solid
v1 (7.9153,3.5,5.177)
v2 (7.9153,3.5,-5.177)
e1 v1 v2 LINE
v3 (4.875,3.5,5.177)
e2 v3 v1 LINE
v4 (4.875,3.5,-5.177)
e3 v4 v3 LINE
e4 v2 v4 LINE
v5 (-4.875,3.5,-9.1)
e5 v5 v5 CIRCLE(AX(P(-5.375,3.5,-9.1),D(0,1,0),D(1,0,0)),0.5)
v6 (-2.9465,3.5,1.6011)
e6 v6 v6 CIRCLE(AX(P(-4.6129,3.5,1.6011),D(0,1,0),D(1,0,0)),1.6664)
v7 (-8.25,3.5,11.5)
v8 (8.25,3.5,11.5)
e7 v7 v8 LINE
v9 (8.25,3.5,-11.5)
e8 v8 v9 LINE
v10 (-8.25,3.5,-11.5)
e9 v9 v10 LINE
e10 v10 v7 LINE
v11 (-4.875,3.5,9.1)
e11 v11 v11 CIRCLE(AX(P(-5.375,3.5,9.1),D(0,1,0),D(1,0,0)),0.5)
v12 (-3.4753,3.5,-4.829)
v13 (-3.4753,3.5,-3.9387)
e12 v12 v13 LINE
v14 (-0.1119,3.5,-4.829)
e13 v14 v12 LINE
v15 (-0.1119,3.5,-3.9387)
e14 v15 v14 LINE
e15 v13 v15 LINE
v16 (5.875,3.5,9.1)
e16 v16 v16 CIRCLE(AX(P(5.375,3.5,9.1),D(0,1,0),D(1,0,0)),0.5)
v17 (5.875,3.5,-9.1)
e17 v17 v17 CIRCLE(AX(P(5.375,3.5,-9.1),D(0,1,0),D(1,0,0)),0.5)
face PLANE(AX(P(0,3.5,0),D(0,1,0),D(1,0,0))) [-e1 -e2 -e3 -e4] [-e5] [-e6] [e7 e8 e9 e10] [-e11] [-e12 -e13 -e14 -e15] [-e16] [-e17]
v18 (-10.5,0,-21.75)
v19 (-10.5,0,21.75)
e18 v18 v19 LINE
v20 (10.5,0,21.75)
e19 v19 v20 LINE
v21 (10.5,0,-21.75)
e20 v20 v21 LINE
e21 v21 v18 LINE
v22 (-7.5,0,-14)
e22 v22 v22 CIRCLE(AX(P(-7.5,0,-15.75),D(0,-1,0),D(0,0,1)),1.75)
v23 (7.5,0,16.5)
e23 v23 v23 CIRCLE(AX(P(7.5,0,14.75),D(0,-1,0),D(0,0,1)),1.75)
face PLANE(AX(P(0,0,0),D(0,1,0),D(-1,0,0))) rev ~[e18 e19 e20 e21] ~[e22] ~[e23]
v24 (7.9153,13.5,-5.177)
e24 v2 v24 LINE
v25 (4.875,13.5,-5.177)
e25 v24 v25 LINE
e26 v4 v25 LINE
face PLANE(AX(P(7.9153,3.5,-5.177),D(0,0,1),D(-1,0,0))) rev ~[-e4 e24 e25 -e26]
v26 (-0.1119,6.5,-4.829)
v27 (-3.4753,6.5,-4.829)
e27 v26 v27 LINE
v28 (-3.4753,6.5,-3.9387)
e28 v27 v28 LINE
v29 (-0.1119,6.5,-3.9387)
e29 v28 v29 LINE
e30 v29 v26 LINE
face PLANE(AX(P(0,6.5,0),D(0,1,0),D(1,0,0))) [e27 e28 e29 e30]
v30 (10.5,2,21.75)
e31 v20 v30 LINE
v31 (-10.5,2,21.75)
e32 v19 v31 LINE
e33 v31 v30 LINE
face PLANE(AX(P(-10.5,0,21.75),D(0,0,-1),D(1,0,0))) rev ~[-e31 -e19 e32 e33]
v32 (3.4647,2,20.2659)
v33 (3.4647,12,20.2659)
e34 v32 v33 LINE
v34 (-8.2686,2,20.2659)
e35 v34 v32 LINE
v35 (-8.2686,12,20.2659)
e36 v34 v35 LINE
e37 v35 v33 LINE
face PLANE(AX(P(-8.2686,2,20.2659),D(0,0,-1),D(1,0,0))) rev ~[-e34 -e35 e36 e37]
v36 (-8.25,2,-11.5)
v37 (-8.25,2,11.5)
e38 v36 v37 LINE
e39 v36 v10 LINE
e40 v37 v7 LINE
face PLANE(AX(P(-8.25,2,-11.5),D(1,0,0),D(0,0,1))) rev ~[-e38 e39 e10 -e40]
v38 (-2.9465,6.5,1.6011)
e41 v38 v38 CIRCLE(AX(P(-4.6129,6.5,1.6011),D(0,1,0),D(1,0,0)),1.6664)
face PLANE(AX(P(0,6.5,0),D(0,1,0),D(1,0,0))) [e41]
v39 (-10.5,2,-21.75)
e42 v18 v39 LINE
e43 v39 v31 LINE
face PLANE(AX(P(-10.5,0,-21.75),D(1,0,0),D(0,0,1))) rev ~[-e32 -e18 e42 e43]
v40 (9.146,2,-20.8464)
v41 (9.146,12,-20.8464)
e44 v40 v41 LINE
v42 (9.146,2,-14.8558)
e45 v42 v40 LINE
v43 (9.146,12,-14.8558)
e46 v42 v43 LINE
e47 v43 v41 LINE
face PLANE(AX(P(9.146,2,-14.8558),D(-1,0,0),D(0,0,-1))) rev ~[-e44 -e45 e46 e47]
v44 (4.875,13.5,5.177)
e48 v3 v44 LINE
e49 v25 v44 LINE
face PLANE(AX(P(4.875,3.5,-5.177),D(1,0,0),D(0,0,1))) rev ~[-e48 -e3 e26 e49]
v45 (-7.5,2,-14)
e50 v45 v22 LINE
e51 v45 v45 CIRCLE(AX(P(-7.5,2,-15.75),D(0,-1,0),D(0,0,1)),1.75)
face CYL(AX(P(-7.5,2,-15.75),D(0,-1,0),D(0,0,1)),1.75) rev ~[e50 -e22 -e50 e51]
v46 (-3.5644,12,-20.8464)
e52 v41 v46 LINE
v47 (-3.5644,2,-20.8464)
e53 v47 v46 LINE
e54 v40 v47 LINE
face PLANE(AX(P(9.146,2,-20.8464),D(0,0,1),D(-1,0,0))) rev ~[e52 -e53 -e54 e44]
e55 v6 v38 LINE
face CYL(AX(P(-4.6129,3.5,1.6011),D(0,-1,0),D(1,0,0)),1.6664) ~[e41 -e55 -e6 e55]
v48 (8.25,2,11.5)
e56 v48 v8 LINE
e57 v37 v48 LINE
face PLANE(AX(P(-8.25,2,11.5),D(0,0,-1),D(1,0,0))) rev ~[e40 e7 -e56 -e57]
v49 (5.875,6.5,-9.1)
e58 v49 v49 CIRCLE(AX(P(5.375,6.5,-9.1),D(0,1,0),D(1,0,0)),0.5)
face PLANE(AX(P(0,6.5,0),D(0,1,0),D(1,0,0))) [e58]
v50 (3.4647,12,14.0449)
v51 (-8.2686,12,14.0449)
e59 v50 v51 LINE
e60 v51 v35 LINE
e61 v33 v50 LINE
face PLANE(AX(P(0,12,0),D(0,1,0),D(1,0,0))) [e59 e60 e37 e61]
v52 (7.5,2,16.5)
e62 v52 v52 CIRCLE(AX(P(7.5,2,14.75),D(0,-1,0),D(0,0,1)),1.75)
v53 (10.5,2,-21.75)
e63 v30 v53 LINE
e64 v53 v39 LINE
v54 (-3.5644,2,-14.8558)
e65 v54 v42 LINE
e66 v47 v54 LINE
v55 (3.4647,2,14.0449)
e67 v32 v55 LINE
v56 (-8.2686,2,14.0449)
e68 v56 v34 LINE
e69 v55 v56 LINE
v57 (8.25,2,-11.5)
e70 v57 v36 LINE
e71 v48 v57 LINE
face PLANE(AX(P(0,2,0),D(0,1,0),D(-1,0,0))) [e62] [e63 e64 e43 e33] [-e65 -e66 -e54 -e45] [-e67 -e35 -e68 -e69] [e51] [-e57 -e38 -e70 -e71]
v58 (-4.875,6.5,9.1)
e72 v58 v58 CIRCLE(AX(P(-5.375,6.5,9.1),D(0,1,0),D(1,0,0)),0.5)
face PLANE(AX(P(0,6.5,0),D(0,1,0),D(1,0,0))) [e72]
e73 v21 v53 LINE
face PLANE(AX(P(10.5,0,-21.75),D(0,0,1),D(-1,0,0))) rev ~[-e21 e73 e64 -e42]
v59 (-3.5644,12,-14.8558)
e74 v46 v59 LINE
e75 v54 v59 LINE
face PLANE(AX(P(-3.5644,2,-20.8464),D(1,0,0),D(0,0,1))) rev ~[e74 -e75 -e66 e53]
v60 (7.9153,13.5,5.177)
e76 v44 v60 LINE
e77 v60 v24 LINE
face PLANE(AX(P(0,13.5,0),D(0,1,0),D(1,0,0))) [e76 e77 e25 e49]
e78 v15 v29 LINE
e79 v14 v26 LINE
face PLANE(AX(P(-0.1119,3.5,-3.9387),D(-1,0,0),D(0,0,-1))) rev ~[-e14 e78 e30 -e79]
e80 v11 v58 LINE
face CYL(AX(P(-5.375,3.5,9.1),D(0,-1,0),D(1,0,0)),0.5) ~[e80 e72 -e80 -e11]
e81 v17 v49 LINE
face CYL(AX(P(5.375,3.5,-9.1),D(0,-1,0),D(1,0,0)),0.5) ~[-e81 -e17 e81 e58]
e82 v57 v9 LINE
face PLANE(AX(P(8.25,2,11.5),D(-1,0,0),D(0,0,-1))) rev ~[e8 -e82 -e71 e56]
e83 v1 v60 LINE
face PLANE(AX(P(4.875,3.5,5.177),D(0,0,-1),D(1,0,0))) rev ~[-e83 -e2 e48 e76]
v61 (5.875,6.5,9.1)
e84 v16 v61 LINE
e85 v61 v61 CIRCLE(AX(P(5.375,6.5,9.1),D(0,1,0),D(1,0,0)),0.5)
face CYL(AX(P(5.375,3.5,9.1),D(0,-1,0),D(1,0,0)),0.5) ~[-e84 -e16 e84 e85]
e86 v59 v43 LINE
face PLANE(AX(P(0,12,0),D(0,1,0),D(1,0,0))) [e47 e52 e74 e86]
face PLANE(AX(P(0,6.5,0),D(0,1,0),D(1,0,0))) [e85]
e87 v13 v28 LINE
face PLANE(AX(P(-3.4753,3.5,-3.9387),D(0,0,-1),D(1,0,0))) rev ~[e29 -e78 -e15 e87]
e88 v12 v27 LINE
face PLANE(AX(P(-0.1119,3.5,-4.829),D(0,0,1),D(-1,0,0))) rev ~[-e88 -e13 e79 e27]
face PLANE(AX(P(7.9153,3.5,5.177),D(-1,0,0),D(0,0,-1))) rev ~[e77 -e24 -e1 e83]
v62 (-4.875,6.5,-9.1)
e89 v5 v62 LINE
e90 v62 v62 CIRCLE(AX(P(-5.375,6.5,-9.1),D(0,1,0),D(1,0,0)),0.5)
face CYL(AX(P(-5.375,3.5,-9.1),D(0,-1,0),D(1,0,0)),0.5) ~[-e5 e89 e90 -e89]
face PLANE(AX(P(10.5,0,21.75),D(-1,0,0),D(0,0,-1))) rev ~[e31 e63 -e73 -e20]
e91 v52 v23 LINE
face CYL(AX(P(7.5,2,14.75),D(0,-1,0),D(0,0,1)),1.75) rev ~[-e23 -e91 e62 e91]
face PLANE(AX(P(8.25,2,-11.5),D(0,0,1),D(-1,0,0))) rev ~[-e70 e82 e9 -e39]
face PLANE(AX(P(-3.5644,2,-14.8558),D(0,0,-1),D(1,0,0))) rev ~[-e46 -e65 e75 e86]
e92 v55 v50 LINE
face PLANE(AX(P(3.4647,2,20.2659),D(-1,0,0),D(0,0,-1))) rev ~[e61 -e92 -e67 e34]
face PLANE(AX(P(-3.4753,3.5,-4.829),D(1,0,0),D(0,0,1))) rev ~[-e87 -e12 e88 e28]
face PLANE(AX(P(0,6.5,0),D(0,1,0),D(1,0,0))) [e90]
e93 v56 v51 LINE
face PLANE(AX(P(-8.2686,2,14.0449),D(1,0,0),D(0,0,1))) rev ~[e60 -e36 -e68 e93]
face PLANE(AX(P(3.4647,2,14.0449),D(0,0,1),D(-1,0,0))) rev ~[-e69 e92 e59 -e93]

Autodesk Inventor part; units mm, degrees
ref_plane "YZ Plane" through (0, 0, 0) normal (1, 0, 0) x (0, 1, 0)
ref_plane "XZ Plane" through (0, 0, 0) normal (0, 1, 0) x (-1, 0, 0)
ref_plane "XY Plane" through (0, 0, 0) normal (0, 0, 1) x (1, 0, 0)
sketch "Szkic1" plane through (0, 0, 0) normal (0, 1, 0) x (-1, 0, 0)
  line L0 (-10.5, -21.75) -> (10.5, -21.75)
  line L1 (10.5, -21.75) -> (10.5, 21.75)
  line L2 (10.5, 21.75) -> (-10.5, 21.75)
  line L3 (-10.5, 21.75) -> (-10.5, -21.75)
  line L4 (-10.5, -21.75) -> (10.5, 21.75) construction
  line L5 (10.5, -21.75) -> (-10.5, 21.75) construction
  point P0 (0, 0)
  dimension "d0" = 21
  dimension "d1" = 43.5
extrude "Wyciągnięcie proste1" add sketch "Szkic1" along normal blind 2
sketch "Szkic2" plane through (0, 2, 0) normal (0, 1, 0) x (1, 0, 0)
  line L0 (-10.5, 21.75) -> (-10.5, -21.75) projected
  line L1 (-10.5, -21.75) -> (10.5, -21.75) projected
  line L2 (10.5, 21.75) -> (-10.5, 21.75) projected
  line L3 (10.5, -21.75) -> (10.5, 21.75) projected
  line L4 (0, 21.75) -> (0, -21.75)
  point P0 (0, 0)
  point P1 (7.5, -14.75)
  point P2 (-7.5, 15.75)
  dimension "d40" = 10.5
  dimension "d41" = 10.5
hole "Otwór1" at (7.5, 2, 14.75) at (-7.5, 2, -15.75) direction (0, -1, 0) diameter 3.5 end through all
sketch "Szkic3" plane through (0, 2, 0) normal (0, 1, 0) x (1, 0, 0)
  line L0 (8.25, 11.5) -> (-8.25, 11.5)
  line L1 (-8.25, 11.5) -> (-8.25, -11.5)
  line L2 (-8.25, -11.5) -> (8.25, -11.5)
  line L3 (8.25, -11.5) -> (8.25, 11.5)
  line L4 (8.25, 11.5) -> (-8.25, -11.5) construction
  line L5 (-8.25, 11.5) -> (8.25, -11.5) construction
  point P0 (0, 0)
  dimension "d15" = 16.5
  dimension "d16" = 23
extrude "Wyciągnięcie proste2" add sketch "Szkic3" along normal blind 1.5
sketch "Szkic4" plane through (0, 3.5, 0) normal (0, 1, 0) x (1, 0, 0)
  line L0 (8.25, 11.5) -> (-8.25, 11.5) projected
  line L1 (-8.25, 11.5) -> (-8.25, -11.5) projected
  line L2 (-8.25, -11.5) -> (8.25, -11.5) projected
  line L3 (8.25, -11.5) -> (8.25, 11.5) projected
  circle A0 centre (-5.375, -9.1) radius 0.5
  circle A1 centre (5.375, -9.1) radius 0.5
  circle A2 centre (5.375, 9.1) radius 0.5
  circle A3 centre (-5.375, 9.1) radius 0.5
  circle A4 centre (-4.6129, -1.6011) radius 1.6664
  line L4 (-0.1119, 4.829) -> (-3.4753, 4.829)
  line L5 (-3.4753, 4.829) -> (-3.4753, 3.9387)
  line L6 (-3.4753, 3.9387) -> (-0.1119, 3.9387)
  line L7 (-0.1119, 3.9387) -> (-0.1119, 4.829)
  line L8 (-0.1119, 4.829) -> (-3.4753, 3.9387) construction
  line L9 (-3.4753, 4.829) -> (-0.1119, 3.9387) construction
  point P0 (0, 0)
  point P1 (-1.7936, 4.3838)
  dimension "d19" = 10.75
  dimension "d20" = 10.75
  dimension "d21" = 2.875
  dimension "d22" = 2.875
  dimension "d23" = 2.875
  dimension "d24" = 2.875
  dimension "d25" = 18.2
  dimension "d26" = 18.2
  dimension "d27" = 2.4
  dimension "d28" = 2.4
  dimension "d29" = 2.4
  dimension "d30" = 1
  dimension "d31" = 1
  dimension "d32" = 1
  dimension "d33" = 1
extrude "Wyciągnięcie proste3" add sketch "Szkic4" along normal blind 3 contours A0 | A1 | A2 | A3 | A4 | L7 L6 L5 L4
sketch "Szkic5" plane through (0, 3.5, 0) normal (0, 1, 0) x (1, 0, 0)
  line L0 (-0.1119, 4.829) -> (-0.1119, 3.9387) projected
  line L1 (-0.1119, 3.9387) -> (-3.4753, 3.9387) projected
  line L2 (-3.4753, 3.9387) -> (-3.4753, 4.829) projected
  line L3 (-3.4753, 4.829) -> (-0.1119, 4.829) projected
  circle A0 centre (5.375, 9.1) radius 0.5 projected
  circle A1 centre (-5.375, -9.1) radius 0.5 projected
  circle A2 centre (5.375, -9.1) radius 0.5 projected
  circle A3 centre (-5.375, 9.1) radius 0.5 projected
  circle A4 centre (-4.6129, -1.6011) radius 1.6664 projected
  line L4 (8.25, 11.5) -> (-8.25, 11.5) projected
  line L5 (-8.25, 11.5) -> (-8.25, -11.5) projected
  line L6 (-8.25, -11.5) -> (8.25, -11.5) projected
  line L7 (8.25, -11.5) -> (8.25, 11.5) projected
  line L8 (7.9153, 5.177) -> (4.875, 5.177)
  line L9 (4.875, 5.177) -> (4.875, -5.177)
  line L10 (4.875, -5.177) -> (7.9153, -5.177)
  line L11 (7.9153, -5.177) -> (7.9153, 5.177)
  line L12 (7.9153, 5.177) -> (4.875, -5.177) construction
  line L13 (4.875, 5.177) -> (7.9153, -5.177) construction
  point P0 (0, 0)
  point P1 (6.3951, 0)
extrude "Wyciągnięcie proste4" add sketch "Szkic5" along normal blind 10 contours L11 L10 L9 L8
sketch "Szkic6" plane through (0, 2, 0) normal (0, 1, 0) x (1, 0, 0)
  line L0 (7.9153, 5.177) -> (7.9153, -5.177) projected
  line L1 (7.9153, -5.177) -> (4.875, -5.177) projected
  line L2 (4.875, -5.177) -> (4.875, 5.177) projected
  line L3 (4.875, 5.177) -> (7.9153, 5.177) projected
  line L4 (-0.1119, 4.829) -> (-0.1119, 3.9387) projected
  line L5 (-0.1119, 3.9387) -> (-3.4753, 3.9387) projected
  line L6 (-3.4753, 3.9387) -> (-3.4753, 4.829) projected
  line L7 (-3.4753, 4.829) -> (-0.1119, 4.829) projected
  circle A0 centre (5.375, 9.1) radius 0.5 projected
  circle A1 centre (-5.375, -9.1) radius 0.5 projected
  circle A2 centre (5.375, -9.1) radius 0.5 projected
  circle A3 centre (-5.375, 9.1) radius 0.5 projected
  circle A4 centre (-4.6129, -1.6011) radius 1.6664 projected
  line L8 (8.25, 11.5) -> (-8.25, 11.5) projected
  line L9 (-8.25, 11.5) -> (-8.25, -11.5) projected
  line L10 (-8.25, -11.5) -> (8.25, -11.5) projected
  line L11 (8.25, -11.5) -> (8.25, 11.5) projected
  line L12 (3.4647, -14.0449) -> (-8.2686, -14.0449)
  line L13 (-8.2686, -14.0449) -> (-8.2686, -20.2659)
  line L14 (-8.2686, -20.2659) -> (3.4647, -20.2659)
  line L15 (3.4647, -20.2659) -> (3.4647, -14.0449)
  line L16 (3.4647, -14.0449) -> (-8.2686, -20.2659) construction
  line L17 (-8.2686, -14.0449) -> (3.4647, -20.2659) construction
  line L18 (9.146, 20.8464) -> (-3.5644, 20.8464)
  line L19 (-3.5644, 20.8464) -> (-3.5644, 14.8558)
  line L20 (-3.5644, 14.8558) -> (9.146, 14.8558)
  line L21 (9.146, 14.8558) -> (9.146, 20.8464)
  line L22 (9.146, 20.8464) -> (-3.5644, 14.8558) construction
  line L23 (-3.5644, 20.8464) -> (9.146, 14.8558) construction
  point P0 (0, 0)
  point P1 (-2.4019, -17.1554)
  point P2 (2.7908, 17.8511)
extrude "Wyciągnięcie proste5" add sketch "Szkic6" along normal blind 10 contours L15 L14 L13 L12 | L21 L20 L19 L18
equation "\"d20\" = d19"
equation "\"d21\" = d22"
equation "\"d23\" = d24"
equation "\"d26\" = d25"
equation "\"d27\" = d28"
equation "\"d29\" = d27"
properties part number "step down"
